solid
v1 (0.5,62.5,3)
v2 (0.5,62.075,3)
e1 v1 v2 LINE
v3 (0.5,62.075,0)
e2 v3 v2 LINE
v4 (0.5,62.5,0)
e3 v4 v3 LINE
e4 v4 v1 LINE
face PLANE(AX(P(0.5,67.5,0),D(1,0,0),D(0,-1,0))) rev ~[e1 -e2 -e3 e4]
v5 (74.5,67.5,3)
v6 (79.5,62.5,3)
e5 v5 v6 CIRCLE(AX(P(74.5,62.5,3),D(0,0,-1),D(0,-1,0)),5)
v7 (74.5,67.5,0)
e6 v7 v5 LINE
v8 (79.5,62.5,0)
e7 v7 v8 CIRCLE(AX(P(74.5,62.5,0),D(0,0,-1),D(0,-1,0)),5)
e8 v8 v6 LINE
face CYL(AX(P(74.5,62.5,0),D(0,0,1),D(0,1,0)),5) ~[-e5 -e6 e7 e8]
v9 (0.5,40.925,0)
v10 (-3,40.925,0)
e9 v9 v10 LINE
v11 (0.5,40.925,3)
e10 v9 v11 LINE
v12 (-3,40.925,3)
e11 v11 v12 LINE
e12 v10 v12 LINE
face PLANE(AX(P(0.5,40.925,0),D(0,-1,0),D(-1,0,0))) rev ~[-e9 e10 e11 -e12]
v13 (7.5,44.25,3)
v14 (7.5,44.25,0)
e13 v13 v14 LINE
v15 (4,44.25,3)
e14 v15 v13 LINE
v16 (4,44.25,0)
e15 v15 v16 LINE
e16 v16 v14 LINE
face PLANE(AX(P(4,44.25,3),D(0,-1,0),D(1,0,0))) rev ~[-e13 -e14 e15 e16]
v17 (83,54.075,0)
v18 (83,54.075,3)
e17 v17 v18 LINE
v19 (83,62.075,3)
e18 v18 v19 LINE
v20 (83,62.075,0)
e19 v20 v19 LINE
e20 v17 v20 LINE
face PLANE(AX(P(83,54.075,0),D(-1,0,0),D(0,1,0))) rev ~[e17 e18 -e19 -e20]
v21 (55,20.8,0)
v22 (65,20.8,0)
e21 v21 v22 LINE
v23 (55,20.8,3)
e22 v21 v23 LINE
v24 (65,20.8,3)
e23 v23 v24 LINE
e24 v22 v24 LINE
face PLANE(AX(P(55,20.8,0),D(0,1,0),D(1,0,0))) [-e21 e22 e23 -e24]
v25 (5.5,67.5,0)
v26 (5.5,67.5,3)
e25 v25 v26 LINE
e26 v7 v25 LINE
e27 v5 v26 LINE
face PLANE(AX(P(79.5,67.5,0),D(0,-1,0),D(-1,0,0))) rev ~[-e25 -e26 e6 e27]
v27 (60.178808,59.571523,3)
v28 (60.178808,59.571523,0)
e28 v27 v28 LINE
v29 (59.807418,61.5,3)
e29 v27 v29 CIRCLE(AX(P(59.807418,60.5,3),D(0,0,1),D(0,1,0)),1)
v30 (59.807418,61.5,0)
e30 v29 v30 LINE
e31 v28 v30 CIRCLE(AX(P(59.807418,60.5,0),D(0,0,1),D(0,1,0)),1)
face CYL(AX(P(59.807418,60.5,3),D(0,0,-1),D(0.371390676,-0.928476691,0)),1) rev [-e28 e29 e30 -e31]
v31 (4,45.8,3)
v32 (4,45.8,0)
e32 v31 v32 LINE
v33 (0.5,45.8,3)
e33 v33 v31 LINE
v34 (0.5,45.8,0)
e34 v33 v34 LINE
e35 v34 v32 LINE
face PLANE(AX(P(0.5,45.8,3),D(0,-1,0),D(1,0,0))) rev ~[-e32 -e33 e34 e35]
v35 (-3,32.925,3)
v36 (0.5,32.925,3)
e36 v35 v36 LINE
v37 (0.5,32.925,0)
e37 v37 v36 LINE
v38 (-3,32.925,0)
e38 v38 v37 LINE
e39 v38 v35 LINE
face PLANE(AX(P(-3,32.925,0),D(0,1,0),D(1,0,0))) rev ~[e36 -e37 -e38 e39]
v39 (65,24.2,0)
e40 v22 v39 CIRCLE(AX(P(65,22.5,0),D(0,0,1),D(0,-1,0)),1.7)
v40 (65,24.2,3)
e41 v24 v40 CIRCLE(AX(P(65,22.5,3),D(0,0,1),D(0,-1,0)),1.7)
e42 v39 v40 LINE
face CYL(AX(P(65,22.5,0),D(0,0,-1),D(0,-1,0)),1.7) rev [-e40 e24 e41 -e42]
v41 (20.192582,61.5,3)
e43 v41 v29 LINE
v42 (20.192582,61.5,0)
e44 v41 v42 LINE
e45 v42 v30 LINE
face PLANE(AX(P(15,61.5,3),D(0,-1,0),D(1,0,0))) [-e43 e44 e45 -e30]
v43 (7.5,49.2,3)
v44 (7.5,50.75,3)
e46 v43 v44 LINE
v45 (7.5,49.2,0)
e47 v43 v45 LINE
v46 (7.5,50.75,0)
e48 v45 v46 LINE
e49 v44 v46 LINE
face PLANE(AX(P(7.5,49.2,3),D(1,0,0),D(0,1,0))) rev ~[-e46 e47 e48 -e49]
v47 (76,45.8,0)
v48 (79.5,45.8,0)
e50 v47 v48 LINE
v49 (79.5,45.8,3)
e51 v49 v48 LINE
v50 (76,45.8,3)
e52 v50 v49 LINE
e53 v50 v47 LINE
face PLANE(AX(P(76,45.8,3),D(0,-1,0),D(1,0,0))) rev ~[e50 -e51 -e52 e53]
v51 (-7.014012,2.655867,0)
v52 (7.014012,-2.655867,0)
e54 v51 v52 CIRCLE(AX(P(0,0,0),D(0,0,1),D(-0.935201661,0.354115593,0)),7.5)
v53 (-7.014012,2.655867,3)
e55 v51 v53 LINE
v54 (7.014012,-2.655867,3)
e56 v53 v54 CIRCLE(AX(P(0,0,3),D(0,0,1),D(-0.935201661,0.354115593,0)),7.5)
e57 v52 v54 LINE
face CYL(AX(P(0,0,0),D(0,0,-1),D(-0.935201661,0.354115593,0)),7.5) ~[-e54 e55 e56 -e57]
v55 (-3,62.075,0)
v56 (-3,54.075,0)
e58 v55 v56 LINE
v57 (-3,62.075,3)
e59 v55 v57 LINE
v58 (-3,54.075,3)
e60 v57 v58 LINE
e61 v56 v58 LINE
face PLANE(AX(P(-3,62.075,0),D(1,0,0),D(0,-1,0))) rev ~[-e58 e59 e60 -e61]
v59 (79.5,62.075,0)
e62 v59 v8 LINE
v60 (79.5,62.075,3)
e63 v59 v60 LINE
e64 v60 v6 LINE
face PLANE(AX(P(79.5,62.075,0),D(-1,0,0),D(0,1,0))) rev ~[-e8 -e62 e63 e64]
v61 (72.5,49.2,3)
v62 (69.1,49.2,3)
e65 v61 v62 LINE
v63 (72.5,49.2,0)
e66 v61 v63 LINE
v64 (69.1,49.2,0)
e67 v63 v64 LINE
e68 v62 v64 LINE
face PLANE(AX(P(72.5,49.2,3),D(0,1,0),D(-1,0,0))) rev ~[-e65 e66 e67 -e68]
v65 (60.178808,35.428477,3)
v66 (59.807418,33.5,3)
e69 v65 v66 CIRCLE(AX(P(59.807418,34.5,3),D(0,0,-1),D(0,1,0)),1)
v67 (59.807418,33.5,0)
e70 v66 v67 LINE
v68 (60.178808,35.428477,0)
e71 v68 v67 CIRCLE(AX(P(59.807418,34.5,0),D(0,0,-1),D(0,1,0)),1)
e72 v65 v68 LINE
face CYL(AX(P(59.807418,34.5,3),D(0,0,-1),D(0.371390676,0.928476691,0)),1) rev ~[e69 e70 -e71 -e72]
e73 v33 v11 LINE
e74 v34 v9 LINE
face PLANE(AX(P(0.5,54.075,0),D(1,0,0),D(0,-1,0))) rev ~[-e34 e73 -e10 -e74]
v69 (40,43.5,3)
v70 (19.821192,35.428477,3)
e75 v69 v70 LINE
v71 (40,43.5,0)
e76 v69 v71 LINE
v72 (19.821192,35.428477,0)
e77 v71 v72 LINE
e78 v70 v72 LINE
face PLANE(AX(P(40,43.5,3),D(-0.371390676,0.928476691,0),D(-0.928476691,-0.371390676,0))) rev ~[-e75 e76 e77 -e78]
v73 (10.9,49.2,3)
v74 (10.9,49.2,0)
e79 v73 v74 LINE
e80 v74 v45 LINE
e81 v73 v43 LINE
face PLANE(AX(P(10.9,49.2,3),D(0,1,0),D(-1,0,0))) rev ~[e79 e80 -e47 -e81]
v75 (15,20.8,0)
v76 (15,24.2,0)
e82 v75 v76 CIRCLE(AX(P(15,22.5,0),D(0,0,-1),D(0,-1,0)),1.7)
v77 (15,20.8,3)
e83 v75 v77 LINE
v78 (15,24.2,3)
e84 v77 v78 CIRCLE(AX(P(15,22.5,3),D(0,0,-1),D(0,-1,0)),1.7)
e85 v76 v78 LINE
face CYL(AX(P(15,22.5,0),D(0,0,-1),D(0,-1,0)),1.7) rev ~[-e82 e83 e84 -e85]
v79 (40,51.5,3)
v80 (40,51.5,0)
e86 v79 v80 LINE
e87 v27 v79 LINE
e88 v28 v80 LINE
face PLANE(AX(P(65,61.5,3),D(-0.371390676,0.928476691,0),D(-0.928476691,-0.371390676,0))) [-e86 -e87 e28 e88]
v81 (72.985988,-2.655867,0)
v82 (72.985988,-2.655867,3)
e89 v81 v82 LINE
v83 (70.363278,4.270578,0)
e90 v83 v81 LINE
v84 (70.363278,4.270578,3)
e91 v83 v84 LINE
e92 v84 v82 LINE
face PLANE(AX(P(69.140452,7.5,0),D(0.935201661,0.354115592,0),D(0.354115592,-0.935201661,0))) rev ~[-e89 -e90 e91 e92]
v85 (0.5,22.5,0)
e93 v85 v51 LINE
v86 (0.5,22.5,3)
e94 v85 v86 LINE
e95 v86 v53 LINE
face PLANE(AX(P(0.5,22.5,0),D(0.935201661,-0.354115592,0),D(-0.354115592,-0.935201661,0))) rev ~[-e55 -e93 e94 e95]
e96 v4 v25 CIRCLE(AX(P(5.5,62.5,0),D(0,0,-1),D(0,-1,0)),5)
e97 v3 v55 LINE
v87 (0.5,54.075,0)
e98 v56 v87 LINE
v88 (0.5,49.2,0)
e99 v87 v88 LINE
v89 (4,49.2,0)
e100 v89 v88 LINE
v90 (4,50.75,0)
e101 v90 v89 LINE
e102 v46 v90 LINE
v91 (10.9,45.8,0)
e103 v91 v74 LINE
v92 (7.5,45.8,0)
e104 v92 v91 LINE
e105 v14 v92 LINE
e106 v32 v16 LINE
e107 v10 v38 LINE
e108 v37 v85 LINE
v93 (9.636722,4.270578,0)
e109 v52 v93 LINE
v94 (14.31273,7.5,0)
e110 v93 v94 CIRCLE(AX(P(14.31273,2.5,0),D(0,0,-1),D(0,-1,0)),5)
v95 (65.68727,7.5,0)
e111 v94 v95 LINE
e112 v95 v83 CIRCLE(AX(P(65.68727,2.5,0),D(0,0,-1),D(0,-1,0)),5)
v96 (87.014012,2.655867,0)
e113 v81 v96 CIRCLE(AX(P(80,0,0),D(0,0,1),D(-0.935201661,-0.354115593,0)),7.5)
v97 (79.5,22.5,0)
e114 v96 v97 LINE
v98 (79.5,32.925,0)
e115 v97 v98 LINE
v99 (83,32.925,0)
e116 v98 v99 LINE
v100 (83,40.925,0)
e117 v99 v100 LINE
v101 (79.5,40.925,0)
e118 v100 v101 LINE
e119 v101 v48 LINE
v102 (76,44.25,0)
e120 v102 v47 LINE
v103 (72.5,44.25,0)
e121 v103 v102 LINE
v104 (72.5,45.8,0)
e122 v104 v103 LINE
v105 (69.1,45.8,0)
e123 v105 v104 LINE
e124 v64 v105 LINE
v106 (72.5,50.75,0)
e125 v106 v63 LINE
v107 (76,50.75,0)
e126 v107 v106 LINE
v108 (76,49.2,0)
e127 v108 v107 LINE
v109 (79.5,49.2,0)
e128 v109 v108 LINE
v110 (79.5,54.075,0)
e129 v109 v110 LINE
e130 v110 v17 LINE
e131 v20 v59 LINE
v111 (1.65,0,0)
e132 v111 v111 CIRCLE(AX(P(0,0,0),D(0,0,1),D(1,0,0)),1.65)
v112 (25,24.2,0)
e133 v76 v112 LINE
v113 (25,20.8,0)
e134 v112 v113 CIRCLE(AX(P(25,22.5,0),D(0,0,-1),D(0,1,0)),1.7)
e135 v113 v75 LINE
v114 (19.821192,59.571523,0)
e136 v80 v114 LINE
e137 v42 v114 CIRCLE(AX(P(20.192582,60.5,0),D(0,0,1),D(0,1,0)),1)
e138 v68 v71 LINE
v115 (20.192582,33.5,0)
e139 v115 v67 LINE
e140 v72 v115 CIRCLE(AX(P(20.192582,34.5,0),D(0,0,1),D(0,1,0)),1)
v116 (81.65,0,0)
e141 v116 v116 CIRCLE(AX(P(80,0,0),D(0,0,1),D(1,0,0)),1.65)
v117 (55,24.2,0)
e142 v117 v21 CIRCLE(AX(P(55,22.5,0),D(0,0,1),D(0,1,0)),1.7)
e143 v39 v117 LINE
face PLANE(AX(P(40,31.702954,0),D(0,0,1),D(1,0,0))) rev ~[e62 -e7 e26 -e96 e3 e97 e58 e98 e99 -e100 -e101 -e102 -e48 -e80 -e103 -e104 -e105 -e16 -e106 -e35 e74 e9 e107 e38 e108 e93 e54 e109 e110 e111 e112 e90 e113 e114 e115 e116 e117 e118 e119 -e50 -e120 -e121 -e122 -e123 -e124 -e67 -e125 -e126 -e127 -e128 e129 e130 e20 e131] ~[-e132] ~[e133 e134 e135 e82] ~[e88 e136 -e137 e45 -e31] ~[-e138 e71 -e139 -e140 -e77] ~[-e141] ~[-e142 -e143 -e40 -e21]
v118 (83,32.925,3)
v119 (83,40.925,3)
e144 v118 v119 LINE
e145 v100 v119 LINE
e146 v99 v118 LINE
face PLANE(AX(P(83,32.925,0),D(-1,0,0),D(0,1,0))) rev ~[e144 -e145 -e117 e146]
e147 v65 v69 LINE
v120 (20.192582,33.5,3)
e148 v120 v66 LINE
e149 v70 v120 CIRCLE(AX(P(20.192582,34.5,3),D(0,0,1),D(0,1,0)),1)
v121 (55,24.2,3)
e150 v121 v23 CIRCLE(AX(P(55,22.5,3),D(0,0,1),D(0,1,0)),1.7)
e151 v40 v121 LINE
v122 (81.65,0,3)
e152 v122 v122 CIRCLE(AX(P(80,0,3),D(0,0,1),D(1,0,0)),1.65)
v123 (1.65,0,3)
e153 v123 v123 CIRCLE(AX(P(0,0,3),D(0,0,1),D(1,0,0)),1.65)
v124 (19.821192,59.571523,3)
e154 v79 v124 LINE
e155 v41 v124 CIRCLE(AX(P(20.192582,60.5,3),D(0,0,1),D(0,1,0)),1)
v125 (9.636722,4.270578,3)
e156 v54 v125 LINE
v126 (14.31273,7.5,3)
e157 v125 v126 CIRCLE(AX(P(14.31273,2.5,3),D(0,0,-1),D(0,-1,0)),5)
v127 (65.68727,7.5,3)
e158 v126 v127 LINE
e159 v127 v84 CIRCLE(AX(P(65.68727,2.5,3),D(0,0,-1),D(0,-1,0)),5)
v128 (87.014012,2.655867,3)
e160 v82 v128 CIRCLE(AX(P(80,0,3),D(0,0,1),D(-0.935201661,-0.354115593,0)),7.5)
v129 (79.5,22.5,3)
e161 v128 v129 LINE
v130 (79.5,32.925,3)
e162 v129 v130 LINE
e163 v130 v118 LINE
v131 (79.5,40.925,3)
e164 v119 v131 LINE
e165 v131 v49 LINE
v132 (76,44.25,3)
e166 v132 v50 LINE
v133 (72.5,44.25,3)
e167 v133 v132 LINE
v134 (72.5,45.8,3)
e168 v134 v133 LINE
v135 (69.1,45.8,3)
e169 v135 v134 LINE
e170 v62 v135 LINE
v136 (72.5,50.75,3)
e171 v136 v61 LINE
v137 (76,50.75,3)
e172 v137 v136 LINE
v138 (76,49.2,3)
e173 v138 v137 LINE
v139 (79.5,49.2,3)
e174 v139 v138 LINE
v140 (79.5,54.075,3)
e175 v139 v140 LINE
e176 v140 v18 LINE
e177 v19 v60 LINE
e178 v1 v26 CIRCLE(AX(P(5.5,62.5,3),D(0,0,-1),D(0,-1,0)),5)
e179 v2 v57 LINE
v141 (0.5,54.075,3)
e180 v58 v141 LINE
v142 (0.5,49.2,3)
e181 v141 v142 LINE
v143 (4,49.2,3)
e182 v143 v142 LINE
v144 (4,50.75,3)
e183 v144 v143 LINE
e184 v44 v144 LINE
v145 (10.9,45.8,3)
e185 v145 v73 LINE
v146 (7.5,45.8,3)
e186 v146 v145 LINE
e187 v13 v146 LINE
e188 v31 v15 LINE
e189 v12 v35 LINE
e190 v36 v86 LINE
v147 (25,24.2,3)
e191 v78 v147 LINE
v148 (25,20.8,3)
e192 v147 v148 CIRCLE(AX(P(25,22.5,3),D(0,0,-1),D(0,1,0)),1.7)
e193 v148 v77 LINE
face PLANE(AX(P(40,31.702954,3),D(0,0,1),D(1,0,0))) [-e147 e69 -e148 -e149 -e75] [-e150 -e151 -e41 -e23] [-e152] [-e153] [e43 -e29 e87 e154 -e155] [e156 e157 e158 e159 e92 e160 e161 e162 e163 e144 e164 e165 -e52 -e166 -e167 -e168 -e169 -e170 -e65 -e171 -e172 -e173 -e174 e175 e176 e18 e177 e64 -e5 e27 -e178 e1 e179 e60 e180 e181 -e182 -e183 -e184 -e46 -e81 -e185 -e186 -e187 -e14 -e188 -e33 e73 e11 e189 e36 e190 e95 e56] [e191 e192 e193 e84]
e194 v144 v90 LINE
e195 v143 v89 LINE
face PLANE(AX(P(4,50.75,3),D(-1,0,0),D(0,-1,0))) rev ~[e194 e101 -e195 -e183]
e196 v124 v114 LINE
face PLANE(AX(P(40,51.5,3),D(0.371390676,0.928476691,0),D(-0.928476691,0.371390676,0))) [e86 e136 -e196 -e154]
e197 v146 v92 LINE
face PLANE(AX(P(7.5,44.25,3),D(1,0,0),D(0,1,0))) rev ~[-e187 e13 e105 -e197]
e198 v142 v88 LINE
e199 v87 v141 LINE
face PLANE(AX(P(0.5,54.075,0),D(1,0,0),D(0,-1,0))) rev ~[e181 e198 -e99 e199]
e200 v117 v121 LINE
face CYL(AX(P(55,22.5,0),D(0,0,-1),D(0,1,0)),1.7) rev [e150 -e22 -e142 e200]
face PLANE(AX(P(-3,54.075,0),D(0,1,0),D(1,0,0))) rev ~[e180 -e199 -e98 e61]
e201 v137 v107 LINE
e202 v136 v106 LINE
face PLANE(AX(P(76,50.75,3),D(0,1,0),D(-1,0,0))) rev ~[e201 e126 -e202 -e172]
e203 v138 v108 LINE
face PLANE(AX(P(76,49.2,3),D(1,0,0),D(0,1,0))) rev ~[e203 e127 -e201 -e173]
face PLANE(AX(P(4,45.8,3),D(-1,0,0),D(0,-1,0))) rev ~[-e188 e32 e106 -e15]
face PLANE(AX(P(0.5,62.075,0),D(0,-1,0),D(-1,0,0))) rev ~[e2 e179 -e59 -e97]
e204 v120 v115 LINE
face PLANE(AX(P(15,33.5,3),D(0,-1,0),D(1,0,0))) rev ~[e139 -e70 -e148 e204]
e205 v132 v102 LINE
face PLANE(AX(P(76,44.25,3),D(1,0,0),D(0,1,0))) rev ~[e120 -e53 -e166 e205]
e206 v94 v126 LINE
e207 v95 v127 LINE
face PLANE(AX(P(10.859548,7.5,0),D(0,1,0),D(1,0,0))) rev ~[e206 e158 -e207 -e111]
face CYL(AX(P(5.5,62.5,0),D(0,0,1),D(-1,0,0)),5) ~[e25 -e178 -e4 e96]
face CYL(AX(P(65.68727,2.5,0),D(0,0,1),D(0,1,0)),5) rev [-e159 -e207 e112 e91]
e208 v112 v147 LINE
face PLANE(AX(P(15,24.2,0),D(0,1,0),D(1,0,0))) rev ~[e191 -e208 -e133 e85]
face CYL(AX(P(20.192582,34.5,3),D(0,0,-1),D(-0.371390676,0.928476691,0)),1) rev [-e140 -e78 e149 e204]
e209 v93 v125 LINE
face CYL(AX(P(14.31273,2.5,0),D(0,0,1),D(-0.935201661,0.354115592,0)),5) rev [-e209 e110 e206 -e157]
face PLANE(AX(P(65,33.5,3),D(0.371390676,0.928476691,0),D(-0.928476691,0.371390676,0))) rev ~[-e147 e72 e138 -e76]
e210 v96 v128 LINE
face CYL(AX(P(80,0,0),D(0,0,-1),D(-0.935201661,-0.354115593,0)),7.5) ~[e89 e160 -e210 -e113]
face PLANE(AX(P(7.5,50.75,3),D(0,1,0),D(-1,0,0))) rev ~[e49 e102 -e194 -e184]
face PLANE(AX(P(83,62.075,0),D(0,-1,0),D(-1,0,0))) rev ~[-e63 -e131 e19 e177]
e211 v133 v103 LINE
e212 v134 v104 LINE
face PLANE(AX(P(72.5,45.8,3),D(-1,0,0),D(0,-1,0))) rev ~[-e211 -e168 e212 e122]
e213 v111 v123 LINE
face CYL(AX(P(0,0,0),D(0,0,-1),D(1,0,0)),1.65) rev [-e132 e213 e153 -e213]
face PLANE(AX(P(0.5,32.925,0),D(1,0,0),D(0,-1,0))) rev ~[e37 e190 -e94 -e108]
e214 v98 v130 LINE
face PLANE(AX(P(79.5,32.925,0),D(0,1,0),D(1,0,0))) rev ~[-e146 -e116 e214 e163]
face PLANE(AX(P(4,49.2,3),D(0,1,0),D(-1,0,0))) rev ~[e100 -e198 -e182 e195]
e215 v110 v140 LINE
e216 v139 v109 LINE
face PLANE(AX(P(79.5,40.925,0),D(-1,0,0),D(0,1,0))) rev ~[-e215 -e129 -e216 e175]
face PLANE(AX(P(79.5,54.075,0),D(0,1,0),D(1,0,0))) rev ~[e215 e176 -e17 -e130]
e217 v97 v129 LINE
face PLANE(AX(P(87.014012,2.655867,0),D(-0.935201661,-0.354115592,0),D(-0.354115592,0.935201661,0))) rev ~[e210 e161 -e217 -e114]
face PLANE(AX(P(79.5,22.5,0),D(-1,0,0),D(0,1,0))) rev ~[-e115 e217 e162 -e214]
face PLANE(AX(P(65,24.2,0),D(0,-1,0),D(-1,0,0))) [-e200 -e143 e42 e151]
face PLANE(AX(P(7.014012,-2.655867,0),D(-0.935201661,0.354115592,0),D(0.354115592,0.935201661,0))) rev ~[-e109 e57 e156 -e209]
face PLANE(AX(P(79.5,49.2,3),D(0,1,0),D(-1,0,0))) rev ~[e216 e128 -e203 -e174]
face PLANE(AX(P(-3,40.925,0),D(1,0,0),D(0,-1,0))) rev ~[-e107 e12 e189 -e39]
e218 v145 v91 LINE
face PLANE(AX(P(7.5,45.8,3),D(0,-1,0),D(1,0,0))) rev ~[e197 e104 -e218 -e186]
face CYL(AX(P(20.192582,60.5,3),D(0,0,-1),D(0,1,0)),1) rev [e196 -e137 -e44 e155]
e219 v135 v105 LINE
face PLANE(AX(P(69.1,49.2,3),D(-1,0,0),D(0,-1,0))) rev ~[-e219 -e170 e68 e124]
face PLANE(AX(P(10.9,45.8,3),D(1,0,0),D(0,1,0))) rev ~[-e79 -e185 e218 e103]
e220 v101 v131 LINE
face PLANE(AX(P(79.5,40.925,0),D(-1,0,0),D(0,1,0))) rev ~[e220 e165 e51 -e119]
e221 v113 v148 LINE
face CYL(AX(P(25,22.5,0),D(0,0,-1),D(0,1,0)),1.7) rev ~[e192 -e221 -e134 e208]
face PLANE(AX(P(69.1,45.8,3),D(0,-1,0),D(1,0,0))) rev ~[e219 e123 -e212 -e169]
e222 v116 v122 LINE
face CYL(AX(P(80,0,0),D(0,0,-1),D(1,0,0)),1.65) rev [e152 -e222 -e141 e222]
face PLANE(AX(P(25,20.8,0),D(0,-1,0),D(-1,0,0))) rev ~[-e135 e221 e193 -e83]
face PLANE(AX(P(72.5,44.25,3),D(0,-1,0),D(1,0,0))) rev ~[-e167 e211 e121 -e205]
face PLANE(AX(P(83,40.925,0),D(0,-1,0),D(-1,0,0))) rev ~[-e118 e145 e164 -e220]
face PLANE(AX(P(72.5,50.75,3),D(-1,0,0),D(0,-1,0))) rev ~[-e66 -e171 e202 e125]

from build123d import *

# Parameters (mm, degrees)
SKETCH_1_R          = 1.65
EXTRUDE_1_DEPTH     = 3
FILLET_1_R          = 5
CUT_EXTRUDE_1_DEPTH = 111.550893257
FILLET_2_R          = 1


with BuildPart() as part:
    # 草图1 → 凸台-拉伸1 (new body)
    with BuildSketch(Plane.XY):
        with BuildLine():
            Line((7.014012459, -2.655866944), (10.859547587, 7.5))
            Line((10.859547587, 7.5), (69.140452413, 7.5))
            Line((69.140452413, 7.5), (72.985987541, -2.655866944))
            ThreePointArc((72.985987541, -2.655866944), (82.655866944, -7.014012459), (87.014012459, 2.655866944))
            Line((87.014012459, 2.655866944), (79.5, 22.5))
            Line((79.5, 22.5), (79.5, 32.925))
            Line((79.5, 32.925), (83, 32.925))
            Line((83, 32.925), (83, 40.925))
            Line((83, 40.925), (79.5, 40.925))
            Line((79.5, 40.925), (79.5, 54.075))
            Line((79.5, 54.075), (83, 54.075))
            Line((83, 54.075), (83, 62.075))
            Line((83, 62.075), (79.5, 62.075))
            Line((79.5, 62.075), (79.5, 67.5))
            Line((79.5, 67.5), (0.5, 67.5))
            Line((0.5, 67.5), (0.5, 62.075))
            Line((0.5, 62.075), (-3, 62.075))
            Line((-3, 62.075), (-3, 54.075))
            Line((-3, 54.075), (0.5, 54.075))
            Line((0.5, 54.075), (0.5, 40.925))
            Line((0.5, 40.925), (-3, 40.925))
            Line((-3, 40.925), (-3, 32.925))
            Line((-3, 32.925), (0.5, 32.925))
            Line((0.5, 32.925), (0.5, 22.5))
            Line((0.5, 22.5), (-7.014012459, 2.655866944))
            ThreePointArc((-7.014012459, 2.655866944), (-2.655866944, -7.014012459), (7.014012459, -2.655866944))
        make_face()
        Circle(SKETCH_1_R, mode=Mode.SUBTRACT)
        with Locations((80, 0)):
            Circle(SKETCH_1_R, mode=Mode.SUBTRACT)
        with BuildLine():
            Line((15, 24.2), (25, 24.2))
            ThreePointArc((25, 24.2), (26.7, 22.5), (25, 20.8))
            Line((25, 20.8), (15, 20.8))
            ThreePointArc((15, 20.8), (13.3, 22.5), (15, 24.2))
        make_face(mode=Mode.SUBTRACT)
        with BuildLine():
            Line((65, 24.2), (55, 24.2))
            ThreePointArc((55, 24.2), (53.3, 22.5), (55, 20.8))
            Line((55, 20.8), (65, 20.8))
            ThreePointArc((65, 20.8), (66.7, 22.5), (65, 24.2))
        make_face(mode=Mode.SUBTRACT)
    extrude(amount=EXTRUDE_1_DEPTH)

    # 圆角1
    fillet_1_edges = [part.edges().sort_by_distance(p)[0] for p in [
        (69.140452413, 7.5, 1.5),
        (10.859547587, 7.5, 1.5),
        (0.5, 67.5, 1.5),
        (79.5, 67.5, 1.5),
    ]]
    fillet(fillet_1_edges, radius=FILLET_1_R)

    # 草图3 → 切除-拉伸1 (cut, through all)
    with BuildSketch(Plane.XY.offset(3)):
        Polygon((0.5, 45.8), (4, 45.8), (4, 44.25), (7.5, 44.25), (7.5, 45.8), (10.9, 45.8), (10.9, 49.2), (7.5, 49.2), (7.5, 50.75), (4, 50.75), (4, 49.2), (0.5, 49.2), align=None)
        Polygon((79.5, 49.2), (76, 49.2), (76, 50.75), (72.5, 50.75), (72.5, 49.2), (69.1, 49.2), (69.1, 45.8), (72.5, 45.8), (72.5, 44.25), (76, 44.25), (76, 45.8), (79.5, 45.8), align=None)
        Polygon((40, 51.5), (15, 61.5), (65, 61.5), align=None)
        Polygon((65, 33.5), (40, 43.5), (15, 33.5), align=None)
    extrude(amount=-CUT_EXTRUDE_1_DEPTH, mode=Mode.SUBTRACT)

    # 圆角2
    fillet_2_edges = [part.edges().sort_by_distance(p)[0] for p in [
        (65, 61.5, 1.5),
        (15, 61.5, 1.5),
        (65, 33.5, 1.5),
        (15, 33.5, 1.5),
    ]]
    fillet(fillet_2_edges, radius=FILLET_2_R)


solid = part.part
